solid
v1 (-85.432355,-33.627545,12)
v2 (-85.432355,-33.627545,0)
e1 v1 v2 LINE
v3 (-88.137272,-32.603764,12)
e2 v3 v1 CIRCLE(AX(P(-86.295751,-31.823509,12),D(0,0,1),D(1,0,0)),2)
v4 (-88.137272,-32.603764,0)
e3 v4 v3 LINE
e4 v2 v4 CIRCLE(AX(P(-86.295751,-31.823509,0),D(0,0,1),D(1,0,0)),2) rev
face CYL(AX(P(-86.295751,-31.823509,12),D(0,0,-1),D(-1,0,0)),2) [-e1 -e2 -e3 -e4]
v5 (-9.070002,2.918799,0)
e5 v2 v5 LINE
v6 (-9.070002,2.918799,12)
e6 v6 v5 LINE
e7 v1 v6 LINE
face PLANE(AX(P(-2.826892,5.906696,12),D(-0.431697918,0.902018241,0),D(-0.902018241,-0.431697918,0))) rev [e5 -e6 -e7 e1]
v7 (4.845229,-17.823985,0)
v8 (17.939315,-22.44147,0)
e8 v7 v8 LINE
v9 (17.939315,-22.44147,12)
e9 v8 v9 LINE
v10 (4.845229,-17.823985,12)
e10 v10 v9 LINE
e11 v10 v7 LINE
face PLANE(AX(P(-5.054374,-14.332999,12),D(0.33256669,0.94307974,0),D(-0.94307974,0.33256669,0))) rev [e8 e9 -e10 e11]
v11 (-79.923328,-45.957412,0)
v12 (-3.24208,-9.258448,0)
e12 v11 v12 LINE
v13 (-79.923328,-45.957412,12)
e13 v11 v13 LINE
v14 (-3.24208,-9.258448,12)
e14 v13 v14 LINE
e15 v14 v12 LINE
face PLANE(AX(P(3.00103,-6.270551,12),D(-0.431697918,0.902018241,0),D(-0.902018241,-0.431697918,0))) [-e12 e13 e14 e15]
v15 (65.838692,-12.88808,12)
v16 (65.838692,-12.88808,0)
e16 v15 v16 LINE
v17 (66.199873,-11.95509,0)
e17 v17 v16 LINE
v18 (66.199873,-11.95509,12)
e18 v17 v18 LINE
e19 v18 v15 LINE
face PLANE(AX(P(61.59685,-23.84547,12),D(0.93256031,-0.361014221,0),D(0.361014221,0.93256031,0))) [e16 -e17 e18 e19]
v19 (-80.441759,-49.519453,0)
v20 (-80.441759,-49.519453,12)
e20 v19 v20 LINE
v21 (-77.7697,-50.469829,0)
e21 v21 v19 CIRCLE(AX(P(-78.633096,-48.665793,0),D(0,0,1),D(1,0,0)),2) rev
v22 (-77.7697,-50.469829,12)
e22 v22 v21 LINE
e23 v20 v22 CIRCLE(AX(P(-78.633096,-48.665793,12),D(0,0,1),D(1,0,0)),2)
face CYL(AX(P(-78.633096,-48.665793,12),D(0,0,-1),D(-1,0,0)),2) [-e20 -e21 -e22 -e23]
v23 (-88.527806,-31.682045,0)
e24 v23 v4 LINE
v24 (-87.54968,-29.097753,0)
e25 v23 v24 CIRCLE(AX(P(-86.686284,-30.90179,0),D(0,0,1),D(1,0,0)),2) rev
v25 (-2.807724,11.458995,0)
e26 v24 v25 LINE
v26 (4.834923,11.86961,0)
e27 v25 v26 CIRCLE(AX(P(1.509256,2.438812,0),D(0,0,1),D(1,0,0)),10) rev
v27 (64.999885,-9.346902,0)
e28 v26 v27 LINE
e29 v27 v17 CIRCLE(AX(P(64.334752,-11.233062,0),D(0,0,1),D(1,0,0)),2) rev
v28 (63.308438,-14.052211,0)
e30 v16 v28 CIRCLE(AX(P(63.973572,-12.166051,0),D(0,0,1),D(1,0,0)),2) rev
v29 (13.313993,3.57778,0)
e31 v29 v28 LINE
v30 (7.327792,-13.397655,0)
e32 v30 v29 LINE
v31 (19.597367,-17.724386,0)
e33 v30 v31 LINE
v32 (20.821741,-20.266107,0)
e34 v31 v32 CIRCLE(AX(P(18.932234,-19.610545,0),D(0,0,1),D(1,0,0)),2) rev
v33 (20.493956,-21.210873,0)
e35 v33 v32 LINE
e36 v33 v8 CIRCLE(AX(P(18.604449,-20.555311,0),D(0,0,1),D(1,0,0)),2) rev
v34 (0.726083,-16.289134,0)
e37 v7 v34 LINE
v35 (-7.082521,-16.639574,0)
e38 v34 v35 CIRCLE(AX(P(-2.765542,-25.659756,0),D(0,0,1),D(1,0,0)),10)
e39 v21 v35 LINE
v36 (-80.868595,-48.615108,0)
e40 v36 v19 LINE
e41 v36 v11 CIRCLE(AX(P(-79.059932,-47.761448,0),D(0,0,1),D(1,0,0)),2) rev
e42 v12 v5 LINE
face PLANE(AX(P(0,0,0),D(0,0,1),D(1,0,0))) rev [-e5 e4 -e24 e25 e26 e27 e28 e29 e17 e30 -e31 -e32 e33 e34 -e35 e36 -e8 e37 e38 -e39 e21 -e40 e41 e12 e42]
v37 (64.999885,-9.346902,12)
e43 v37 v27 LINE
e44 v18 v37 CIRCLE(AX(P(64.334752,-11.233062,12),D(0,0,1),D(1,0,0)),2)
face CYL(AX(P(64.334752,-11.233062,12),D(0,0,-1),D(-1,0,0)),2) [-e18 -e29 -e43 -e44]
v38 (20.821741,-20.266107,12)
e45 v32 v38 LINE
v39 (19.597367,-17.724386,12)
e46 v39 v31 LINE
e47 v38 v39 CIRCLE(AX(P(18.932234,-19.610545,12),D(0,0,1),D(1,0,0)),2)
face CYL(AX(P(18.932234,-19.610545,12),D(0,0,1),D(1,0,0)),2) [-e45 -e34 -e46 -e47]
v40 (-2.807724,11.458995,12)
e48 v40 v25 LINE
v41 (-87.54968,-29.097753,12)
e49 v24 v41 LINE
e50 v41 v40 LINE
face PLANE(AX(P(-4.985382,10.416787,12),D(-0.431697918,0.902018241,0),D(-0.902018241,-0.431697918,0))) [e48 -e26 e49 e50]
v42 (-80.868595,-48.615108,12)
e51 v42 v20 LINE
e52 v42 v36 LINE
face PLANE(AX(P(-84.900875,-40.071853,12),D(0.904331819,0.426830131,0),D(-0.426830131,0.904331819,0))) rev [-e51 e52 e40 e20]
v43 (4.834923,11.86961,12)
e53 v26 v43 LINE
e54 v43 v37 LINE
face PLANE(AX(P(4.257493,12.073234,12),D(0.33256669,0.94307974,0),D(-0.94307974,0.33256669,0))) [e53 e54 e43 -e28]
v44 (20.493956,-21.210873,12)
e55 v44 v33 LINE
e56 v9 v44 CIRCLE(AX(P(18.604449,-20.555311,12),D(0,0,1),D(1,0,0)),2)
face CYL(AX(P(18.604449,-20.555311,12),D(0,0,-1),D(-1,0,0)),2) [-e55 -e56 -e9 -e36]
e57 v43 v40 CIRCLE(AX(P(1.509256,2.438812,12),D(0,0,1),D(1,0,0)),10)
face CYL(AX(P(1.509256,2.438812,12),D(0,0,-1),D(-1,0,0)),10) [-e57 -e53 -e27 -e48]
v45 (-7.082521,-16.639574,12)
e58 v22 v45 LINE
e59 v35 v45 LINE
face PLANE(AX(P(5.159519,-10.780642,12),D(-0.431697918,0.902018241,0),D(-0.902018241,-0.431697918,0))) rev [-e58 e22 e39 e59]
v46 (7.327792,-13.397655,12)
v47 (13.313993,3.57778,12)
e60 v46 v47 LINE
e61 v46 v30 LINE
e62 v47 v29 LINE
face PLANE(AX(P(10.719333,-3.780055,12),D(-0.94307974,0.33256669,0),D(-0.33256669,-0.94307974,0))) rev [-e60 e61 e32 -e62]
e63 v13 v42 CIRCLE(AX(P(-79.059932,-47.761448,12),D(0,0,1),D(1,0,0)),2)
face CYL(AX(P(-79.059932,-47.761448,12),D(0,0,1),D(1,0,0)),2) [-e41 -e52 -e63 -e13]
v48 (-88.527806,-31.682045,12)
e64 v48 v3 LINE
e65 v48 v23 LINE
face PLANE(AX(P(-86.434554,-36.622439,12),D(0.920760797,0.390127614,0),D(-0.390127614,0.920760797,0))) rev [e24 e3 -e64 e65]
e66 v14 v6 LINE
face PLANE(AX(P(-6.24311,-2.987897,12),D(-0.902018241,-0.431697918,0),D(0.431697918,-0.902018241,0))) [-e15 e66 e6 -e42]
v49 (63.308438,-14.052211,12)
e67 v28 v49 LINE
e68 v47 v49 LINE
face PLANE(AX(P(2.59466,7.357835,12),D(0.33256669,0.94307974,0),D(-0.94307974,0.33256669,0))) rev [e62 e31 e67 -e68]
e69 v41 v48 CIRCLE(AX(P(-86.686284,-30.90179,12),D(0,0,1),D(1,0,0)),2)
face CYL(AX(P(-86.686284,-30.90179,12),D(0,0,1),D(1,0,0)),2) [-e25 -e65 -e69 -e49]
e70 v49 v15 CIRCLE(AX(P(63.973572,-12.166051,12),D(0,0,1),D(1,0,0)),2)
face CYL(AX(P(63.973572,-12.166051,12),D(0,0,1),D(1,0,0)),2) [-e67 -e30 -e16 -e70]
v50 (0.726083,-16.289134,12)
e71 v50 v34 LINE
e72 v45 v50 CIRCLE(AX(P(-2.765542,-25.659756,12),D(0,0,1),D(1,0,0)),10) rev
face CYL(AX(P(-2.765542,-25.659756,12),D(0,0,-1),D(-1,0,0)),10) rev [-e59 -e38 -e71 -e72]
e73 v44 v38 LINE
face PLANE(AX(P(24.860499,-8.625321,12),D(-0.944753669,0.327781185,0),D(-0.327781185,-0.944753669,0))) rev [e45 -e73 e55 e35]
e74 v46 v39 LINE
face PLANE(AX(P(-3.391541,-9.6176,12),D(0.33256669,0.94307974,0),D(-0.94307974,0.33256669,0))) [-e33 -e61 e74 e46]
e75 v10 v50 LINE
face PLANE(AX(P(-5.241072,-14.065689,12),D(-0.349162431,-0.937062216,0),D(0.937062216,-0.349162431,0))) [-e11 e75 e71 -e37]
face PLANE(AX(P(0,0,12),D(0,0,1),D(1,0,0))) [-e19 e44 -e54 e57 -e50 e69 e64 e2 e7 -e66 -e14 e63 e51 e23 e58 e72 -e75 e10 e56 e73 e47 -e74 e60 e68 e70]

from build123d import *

# Parameters (mm, degrees)
EXTRUDE_1_DEPTH = 12
FILLET_1_R      = 10
FILLET_2_R      = 10
FILLET_5_R      = 2
FILLET_6_R      = 2


with BuildPart() as part:
    # 草圖1 → 填料-伸長1 (new body)
    with BuildSketch(Plane.XY):
        Polygon((-89.273265788, -29.922645798), (0.928558352, 13.247145977), (66.944140174, -10.032522336), (65.138238425, -14.697469577), (13.313992743, 3.577780247), (7.327792319, -13.397655079), (21.473988424, -18.386155432), (19.835061436, -23.109984484), (4.845229239, -17.823985149), (-3.252616127, -14.806615195), (-79.583485532, -51.337891248), (-81.717667186, -46.81616648), (-3.242080184, -9.258447635), (-9.070002074, 2.918798623), (-87.320597555, -34.531241278), align=None)
    extrude(amount=EXTRUDE_1_DEPTH)

    # 圓角1
    fillet_1_edges = [part.edges().sort_by_distance(p)[0] for p in [
        (0.928558352, 13.247145977, 6),
    ]]
    fillet(fillet_1_edges, radius=FILLET_1_R)

    # 圓角2
    fillet_2_edges = [part.edges().sort_by_distance(p)[0] for p in [
        (-3.252616127, -14.806615195, 6),
    ]]
    fillet(fillet_2_edges, radius=FILLET_2_R)

    # 圓角5
    fillet_5_edges = [part.edges().sort_by_distance(p)[0] for p in [
        (65.138238425, -14.697469577, 6),
        (21.473988424, -18.386155432, 6),
        (19.835061436, -23.109984484, 6),
        (66.944140174, -10.032522336, 6),
    ]]
    fillet(fillet_5_edges, radius=FILLET_5_R)

    # 圓角6
    fillet_6_edges = [part.edges().sort_by_distance(p)[0] for p in [
        (-79.583485532, -51.337891248, 6),
        (-81.717667186, -46.81616648, 6),
        (-87.320597555, -34.531241278, 6),
        (-89.273265788, -29.922645798, 6),
    ]]
    fillet(fillet_6_edges, radius=FILLET_6_R)


solid = part.part
